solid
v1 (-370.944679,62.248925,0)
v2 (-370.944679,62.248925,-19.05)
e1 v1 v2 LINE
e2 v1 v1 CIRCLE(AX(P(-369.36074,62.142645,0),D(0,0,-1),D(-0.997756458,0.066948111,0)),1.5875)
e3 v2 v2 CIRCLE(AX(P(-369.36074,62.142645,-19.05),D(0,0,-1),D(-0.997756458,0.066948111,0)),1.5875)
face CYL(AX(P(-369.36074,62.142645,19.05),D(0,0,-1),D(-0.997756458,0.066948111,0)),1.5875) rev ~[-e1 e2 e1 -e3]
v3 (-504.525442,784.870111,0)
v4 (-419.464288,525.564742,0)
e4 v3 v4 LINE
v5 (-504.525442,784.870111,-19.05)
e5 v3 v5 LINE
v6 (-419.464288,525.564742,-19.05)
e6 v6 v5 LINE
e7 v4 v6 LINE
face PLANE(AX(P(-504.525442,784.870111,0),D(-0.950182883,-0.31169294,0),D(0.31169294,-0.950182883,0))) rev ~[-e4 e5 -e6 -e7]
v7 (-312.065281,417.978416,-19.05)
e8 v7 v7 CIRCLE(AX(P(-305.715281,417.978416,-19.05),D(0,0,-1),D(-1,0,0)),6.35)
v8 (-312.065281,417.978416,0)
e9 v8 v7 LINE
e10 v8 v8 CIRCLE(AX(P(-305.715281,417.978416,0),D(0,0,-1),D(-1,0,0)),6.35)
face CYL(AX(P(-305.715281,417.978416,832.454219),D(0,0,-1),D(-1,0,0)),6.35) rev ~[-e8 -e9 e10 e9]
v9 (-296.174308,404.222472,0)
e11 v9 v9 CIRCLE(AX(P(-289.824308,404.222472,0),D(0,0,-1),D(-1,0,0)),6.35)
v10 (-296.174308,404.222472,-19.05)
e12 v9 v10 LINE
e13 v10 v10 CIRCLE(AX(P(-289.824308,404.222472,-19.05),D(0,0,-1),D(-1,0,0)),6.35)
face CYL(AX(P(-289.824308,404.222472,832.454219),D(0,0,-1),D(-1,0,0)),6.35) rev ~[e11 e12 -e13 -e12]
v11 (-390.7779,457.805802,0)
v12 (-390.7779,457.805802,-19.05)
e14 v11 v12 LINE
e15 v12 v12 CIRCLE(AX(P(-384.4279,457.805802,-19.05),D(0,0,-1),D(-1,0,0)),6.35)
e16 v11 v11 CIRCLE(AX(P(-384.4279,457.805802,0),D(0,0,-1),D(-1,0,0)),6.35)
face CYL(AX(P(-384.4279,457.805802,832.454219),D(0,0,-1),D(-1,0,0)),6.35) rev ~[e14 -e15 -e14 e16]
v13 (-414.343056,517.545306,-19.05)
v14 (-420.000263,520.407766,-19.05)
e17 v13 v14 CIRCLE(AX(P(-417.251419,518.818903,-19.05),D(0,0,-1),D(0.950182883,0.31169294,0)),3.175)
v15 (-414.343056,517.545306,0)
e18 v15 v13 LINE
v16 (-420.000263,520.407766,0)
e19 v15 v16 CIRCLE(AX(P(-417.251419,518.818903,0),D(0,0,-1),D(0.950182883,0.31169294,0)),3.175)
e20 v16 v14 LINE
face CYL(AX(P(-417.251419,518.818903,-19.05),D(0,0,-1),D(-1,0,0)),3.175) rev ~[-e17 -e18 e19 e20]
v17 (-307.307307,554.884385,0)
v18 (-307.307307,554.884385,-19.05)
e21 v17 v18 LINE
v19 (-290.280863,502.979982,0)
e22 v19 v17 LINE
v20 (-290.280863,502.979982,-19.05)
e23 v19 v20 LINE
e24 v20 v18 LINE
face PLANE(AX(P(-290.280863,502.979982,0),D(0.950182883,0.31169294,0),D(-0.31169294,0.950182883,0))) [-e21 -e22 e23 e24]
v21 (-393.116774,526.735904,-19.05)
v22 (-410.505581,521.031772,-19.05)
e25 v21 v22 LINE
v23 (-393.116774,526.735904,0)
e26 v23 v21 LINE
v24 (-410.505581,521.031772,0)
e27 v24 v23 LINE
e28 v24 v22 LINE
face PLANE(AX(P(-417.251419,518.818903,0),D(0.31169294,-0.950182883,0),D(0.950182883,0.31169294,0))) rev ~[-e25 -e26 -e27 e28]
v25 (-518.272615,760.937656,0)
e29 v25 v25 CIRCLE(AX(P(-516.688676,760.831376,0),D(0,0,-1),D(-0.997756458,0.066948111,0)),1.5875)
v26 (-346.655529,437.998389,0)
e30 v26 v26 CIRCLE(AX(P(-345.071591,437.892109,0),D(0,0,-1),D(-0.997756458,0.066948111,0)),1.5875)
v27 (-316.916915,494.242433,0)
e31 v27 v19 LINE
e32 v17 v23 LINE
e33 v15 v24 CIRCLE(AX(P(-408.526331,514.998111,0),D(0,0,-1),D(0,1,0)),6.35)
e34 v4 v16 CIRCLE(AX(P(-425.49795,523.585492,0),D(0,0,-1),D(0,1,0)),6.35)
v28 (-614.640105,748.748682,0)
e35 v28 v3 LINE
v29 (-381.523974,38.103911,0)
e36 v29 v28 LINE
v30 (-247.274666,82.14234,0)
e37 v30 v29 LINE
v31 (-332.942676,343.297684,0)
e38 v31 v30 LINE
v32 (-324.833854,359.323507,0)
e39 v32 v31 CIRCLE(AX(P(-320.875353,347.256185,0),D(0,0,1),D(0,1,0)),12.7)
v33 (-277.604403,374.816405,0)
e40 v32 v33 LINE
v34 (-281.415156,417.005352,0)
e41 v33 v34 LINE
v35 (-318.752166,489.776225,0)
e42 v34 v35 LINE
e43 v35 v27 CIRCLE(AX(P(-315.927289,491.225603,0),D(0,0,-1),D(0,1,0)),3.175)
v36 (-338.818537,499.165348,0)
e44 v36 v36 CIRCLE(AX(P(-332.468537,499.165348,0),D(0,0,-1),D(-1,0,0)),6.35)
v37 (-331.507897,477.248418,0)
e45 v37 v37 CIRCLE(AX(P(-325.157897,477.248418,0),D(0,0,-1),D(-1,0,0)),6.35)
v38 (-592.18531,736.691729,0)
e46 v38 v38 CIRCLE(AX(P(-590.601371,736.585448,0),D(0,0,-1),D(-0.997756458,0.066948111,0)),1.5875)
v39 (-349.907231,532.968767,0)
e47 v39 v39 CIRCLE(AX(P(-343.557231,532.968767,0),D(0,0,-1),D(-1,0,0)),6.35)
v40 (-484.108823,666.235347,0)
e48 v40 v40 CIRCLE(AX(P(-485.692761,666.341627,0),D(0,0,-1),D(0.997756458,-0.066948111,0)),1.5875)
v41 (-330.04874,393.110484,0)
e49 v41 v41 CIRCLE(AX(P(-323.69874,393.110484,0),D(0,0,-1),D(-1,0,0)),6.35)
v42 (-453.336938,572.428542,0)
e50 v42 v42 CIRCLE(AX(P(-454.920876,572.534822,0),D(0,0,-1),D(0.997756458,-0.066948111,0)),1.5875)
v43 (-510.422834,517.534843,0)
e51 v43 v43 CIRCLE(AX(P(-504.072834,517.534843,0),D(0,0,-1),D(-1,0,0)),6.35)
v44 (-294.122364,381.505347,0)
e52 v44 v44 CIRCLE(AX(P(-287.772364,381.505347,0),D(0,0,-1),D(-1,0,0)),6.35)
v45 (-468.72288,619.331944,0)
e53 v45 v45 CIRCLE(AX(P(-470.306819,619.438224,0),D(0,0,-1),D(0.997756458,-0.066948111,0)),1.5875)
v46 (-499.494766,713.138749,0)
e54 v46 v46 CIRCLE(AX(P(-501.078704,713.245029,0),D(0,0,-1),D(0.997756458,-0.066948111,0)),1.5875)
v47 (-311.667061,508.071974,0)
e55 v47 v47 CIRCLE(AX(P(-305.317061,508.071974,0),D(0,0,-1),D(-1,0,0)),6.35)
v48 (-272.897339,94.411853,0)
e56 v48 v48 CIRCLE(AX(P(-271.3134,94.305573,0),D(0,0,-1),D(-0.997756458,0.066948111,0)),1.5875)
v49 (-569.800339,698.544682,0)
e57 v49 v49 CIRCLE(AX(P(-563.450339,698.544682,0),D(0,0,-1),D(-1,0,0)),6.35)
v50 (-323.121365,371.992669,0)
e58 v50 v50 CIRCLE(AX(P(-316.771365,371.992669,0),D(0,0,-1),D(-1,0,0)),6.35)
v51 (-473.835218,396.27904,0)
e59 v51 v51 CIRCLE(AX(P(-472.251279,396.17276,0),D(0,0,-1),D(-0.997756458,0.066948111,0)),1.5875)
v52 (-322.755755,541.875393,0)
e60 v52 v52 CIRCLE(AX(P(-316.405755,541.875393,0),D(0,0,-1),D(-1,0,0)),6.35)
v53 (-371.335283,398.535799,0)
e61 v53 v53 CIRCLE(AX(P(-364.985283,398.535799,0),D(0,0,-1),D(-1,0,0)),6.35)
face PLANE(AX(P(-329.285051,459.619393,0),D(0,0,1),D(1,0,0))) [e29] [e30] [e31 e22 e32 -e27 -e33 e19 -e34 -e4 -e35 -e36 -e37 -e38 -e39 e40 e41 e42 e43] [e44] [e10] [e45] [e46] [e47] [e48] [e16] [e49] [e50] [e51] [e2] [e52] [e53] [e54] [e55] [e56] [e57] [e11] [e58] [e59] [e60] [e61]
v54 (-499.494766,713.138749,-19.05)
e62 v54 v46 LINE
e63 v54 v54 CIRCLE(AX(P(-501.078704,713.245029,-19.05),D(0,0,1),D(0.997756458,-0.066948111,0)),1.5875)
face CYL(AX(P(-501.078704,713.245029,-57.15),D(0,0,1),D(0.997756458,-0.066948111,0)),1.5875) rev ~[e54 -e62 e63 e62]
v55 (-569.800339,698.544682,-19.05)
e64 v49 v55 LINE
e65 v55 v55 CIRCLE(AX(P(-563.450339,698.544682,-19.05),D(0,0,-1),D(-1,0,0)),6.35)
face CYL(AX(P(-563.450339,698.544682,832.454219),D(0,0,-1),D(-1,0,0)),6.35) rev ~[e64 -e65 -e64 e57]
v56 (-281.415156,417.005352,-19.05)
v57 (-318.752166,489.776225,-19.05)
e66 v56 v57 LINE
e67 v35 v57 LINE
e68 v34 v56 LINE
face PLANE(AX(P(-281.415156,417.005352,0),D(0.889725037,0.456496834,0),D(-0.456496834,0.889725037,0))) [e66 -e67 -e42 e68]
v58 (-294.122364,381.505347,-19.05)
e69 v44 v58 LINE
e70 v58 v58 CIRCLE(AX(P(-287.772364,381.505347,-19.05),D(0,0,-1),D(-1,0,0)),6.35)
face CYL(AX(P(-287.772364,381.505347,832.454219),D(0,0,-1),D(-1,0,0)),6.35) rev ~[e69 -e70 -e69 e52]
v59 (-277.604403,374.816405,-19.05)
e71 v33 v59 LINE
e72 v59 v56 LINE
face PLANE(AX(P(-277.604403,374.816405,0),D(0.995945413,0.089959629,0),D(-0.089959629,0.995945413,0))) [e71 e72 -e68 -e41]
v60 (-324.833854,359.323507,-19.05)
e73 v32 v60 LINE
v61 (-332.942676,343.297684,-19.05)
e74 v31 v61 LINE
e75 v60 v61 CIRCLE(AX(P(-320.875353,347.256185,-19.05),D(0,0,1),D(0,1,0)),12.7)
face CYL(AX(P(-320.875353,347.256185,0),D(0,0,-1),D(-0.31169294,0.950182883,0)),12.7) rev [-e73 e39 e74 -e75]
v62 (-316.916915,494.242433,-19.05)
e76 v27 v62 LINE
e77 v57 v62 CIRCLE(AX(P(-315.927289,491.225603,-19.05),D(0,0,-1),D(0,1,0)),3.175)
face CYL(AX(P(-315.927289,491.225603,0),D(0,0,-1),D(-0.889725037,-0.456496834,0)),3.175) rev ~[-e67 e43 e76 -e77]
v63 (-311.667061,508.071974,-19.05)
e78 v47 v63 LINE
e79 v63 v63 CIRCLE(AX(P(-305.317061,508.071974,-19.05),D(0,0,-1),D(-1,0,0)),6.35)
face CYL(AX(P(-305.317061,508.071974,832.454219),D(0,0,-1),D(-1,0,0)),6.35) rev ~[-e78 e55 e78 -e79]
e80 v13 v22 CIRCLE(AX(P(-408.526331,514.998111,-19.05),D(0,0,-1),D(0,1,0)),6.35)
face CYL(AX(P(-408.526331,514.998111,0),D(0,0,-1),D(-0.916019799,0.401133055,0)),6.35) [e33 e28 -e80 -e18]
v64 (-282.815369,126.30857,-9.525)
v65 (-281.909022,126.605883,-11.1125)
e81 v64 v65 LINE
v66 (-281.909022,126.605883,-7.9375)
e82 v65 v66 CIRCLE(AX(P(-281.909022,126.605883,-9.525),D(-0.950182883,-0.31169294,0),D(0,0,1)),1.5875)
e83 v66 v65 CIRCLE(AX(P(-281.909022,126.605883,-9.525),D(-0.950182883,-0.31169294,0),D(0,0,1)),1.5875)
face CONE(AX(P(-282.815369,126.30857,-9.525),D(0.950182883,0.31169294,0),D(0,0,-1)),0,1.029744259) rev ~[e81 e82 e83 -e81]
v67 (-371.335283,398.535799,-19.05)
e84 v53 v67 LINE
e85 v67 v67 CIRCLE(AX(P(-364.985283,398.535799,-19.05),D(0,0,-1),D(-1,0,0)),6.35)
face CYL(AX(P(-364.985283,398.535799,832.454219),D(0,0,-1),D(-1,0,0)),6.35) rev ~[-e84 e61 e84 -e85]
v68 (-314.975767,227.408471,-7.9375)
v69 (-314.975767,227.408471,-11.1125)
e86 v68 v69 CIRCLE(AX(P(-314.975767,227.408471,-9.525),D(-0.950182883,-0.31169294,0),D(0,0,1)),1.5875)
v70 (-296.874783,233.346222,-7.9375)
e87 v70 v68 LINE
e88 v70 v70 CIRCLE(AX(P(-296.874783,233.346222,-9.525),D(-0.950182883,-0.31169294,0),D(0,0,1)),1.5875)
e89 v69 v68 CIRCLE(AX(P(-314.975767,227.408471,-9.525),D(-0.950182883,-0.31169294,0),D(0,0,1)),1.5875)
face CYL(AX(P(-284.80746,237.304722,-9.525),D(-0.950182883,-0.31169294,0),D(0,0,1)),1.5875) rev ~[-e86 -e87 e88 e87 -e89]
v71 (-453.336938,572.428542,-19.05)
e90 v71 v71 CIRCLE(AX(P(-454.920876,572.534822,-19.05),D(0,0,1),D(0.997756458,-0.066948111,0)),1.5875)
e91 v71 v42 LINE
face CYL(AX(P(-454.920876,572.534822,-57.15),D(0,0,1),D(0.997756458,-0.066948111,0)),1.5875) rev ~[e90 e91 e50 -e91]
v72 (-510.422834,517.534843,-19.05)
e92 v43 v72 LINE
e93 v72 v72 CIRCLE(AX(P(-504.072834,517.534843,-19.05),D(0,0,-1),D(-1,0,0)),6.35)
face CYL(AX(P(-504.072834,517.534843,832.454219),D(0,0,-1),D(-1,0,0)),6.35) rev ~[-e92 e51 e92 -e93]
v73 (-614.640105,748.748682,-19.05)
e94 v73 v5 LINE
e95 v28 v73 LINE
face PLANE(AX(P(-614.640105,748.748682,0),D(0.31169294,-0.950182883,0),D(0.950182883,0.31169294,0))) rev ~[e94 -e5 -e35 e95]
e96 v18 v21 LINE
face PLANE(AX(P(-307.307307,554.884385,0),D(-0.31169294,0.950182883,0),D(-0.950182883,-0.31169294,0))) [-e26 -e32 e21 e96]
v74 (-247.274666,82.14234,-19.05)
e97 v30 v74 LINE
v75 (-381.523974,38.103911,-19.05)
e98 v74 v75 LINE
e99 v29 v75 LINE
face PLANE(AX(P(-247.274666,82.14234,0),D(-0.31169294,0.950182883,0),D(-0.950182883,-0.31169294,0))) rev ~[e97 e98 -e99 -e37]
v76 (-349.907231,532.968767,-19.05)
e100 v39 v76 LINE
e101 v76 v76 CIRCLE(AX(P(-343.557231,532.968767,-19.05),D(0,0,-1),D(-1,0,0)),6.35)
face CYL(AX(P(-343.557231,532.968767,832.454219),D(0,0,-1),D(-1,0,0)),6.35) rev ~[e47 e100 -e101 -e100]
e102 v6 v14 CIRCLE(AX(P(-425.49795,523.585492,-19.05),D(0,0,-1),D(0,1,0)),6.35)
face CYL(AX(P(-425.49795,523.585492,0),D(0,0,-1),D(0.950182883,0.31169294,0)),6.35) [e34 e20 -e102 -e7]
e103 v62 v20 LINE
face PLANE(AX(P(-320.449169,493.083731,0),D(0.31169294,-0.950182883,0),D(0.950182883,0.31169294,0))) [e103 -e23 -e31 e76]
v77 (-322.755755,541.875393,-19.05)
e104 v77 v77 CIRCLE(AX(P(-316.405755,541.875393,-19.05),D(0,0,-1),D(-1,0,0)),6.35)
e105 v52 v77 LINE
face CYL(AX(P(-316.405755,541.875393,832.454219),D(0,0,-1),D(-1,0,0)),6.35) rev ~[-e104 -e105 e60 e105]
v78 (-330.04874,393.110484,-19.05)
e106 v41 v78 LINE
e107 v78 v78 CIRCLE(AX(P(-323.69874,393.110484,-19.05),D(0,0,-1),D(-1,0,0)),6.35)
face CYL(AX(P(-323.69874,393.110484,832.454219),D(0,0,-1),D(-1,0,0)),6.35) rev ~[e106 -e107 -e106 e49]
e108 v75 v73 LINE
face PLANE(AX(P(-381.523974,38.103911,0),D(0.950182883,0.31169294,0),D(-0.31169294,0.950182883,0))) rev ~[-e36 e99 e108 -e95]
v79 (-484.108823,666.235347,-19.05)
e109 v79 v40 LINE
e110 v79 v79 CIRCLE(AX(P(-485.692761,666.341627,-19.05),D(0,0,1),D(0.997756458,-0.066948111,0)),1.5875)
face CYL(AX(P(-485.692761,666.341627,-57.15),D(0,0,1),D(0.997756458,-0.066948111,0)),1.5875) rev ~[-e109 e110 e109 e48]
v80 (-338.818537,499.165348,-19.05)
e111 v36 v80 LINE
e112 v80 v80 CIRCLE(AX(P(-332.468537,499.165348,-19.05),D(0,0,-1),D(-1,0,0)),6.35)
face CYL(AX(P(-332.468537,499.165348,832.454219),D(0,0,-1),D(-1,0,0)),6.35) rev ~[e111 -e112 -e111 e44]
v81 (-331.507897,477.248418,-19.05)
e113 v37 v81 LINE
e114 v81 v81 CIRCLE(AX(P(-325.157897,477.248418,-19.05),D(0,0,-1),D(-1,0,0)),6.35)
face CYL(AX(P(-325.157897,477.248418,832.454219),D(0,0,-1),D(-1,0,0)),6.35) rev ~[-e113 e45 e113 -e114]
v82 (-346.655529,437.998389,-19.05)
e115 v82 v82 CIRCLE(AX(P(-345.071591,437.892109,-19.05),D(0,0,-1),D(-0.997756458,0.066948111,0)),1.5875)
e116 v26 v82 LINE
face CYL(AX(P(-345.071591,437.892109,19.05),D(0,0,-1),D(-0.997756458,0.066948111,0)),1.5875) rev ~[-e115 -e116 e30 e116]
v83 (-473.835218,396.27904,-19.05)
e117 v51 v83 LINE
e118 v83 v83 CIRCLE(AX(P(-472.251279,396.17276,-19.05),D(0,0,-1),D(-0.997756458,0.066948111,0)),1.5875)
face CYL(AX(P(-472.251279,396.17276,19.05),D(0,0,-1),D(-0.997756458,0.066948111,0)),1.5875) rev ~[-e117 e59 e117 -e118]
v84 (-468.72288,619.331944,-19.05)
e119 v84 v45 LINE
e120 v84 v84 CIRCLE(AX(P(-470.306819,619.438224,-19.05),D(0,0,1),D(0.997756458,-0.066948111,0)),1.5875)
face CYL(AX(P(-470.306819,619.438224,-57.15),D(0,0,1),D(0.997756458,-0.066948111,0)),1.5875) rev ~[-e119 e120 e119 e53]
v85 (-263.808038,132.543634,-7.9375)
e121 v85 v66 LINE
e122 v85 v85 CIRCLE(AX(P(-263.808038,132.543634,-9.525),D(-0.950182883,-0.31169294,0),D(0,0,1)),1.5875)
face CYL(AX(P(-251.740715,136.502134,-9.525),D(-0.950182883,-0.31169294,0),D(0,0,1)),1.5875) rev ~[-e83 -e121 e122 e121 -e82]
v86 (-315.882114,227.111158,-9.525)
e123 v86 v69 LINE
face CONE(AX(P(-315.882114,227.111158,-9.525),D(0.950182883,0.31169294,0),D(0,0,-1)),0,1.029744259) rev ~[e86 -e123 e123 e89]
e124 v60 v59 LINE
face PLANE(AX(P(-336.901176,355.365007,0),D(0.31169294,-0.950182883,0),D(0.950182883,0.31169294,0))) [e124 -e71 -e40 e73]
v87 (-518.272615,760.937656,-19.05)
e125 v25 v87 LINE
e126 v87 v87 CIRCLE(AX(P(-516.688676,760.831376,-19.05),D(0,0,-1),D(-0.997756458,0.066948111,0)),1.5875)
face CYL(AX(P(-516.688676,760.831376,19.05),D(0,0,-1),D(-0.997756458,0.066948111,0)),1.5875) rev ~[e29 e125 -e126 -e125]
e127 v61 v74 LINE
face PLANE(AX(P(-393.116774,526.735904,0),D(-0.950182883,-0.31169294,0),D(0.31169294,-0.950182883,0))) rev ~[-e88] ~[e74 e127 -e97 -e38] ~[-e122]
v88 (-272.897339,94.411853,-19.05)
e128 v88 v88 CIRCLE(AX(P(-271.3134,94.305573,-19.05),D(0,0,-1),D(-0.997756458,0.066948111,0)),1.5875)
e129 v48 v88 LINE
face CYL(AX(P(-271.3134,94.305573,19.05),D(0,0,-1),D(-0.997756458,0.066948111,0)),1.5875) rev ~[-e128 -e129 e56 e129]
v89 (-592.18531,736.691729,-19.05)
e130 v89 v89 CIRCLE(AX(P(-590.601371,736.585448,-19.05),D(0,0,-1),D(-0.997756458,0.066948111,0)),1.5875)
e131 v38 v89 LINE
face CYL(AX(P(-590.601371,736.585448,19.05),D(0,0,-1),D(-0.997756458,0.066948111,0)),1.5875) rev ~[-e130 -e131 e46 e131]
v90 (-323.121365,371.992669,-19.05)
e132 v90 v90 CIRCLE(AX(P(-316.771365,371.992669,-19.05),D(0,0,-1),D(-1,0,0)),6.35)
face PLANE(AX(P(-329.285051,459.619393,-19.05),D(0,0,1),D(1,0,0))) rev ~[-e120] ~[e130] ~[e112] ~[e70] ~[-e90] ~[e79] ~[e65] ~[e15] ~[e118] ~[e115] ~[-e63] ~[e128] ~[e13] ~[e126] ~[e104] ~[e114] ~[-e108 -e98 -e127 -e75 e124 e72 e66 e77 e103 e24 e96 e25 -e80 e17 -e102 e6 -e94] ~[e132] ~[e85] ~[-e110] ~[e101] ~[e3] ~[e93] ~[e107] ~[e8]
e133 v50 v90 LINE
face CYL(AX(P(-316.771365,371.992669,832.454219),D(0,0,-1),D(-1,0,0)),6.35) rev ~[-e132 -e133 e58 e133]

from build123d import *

# Parameters (mm, degrees)
BOSS_EXTRUDE1_DEPTH        = 19.05
BOSS_EXTRUDE2_DEPTH        = 19.05
FILLET1_R                  = 3.175
FILLET2_R                  = 12.7
SKETCH47_R                 = 3.175
CUT_EXTRUDE1_DEPTH         = 1
CUT_EXTRUDE1_DEPTH_BACK    = 20.05
FILLET4_R                  = 6.35
F_1_2_0_5_DIAMETER_HOLE1_D = 12.7
HOLE7_D                    = 3.175
HOLE7_DEPTH                = 38.1
HOLE7_CSINK_D              = 10.16
HOLE7_CSINK_ANGLE          = 82
HOLE7_TIP                  = 0.953866233
HOLE10_D                   = 3.175
HOLE10_DEPTH               = 57.15
HOLE10_CSINK_D             = 10.16
HOLE10_CSINK_ANGLE         = 82
HOLE10_TIP                 = 0.953866233
HOLE13_D                   = 3.175
HOLE13_DEPTH               = 31.75
HOLE13_CSINK_D             = 10.16
HOLE13_CSINK_ANGLE         = 82
HOLE13_TIP                 = 0.953866233


with BuildPart() as part:
    # Sketch1 → Boss-Extrude1 (new body)
    with BuildSketch(Plane.XY):
        Polygon((-247.274665566, 82.142339986), (-381.523973725, 38.103910865), (-614.640105377, 748.748682245), (-504.525442447, 784.870110692), (-417.251419261, 518.818903446), (-393.116774032, 526.735904121), align=None)
    extrude(amount=-BOSS_EXTRUDE1_DEPTH)

    # Sketch2 → Boss-Extrude2 (add, through all)
    with BuildSketch(Plane.XY):
        Polygon((-393.116774032, 526.735904121), (-336.901176267, 355.36500697), (-277.604402796, 374.816405204), (-281.415155825, 417.005352091), (-320.44916939, 493.083731154), (-290.280862854, 502.979981998), (-307.307307279, 554.884385267), align=None)
    extrude(amount=-BOSS_EXTRUDE2_DEPTH)

    # Fillet1
    fillet1_edges = [part.edges().sort_by_distance(p)[0] for p in [
        (-320.44916939, 493.083731154, -9.525),
    ]]
    fillet(fillet1_edges, radius=FILLET1_R)

    # Fillet2
    fillet2_edges = [part.edges().sort_by_distance(p)[0] for p in [
        (-336.901176267, 355.36500697, -9.525),
    ]]
    fillet(fillet2_edges, radius=FILLET2_R)

    # Sketch47 → Cut-Extrude1 (cut, two sides)
    with BuildSketch(Plane(origin=(0, 0, -19.05), x_dir=(-1, 0, 0), z_dir=(0, 0, -1))) as cut_extrude1_sk:
        with Locations((417.251419261, 518.818903446)):
            Circle(SKETCH47_R)
    extrude(amount=CUT_EXTRUDE1_DEPTH, mode=Mode.SUBTRACT)
    extrude(cut_extrude1_sk.sketch, amount=-CUT_EXTRUDE1_DEPTH_BACK, mode=Mode.SUBTRACT)

    # Fillet4
    fillet4_edges = [part.edges().sort_by_distance(p)[0] for p in [
        (-418.241044345, 521.8357341, -9.525),
        (-414.234588607, 519.80852853, -9.525),
    ]]
    fillet(fillet4_edges, radius=FILLET4_R)

    # 1/2 (0.5) Diameter Hole1 (through all)
    with Locations(Plane.XY):
        with Locations((-563.45033927, 698.544682362), (-504.072834209, 517.534843147), (-316.771364786, 371.99266929), (-323.698740376, 393.110483865), (-289.824308357, 404.222472403), (-287.772364418, 381.505347156), (-305.715281117, 417.978415836), (-364.985283482, 398.535799453), (-384.427899865, 457.805801818), (-325.157897499, 477.248418201), (-332.468536604, 499.165347862), (-305.317060721, 508.071973621), (-316.40575464, 541.875392969), (-343.557230523, 532.968767209)):
            Hole(F_1_2_0_5_DIAMETER_HOLE1_D / 2)

    # Hole7
    with Locations(Plane(origin=(313.774034821, -375.700785936, 19.05), x_dir=(0.997756458, -0.066948111, 0), z_dir=(0, 0, 1))):
        with Locations((-710.914924699, 391.126528253), (-615.24080496, 429.781381762), (-711.83598555, 767.659094962), (-835.937309391, 717.51890547), (-904.68821492, 1078.38439498), (-976.811864753, 1049.244548945)):
            CounterSinkHole(HOLE7_D / 2, HOLE7_CSINK_D / 2, depth=HOLE7_DEPTH, counter_sink_angle=HOLE7_CSINK_ANGLE)
            with Locations((0, 0, -(HOLE7_DEPTH + HOLE7_TIP / 2))):  # 118° drill point
                Cone(0, HOLE7_D / 2, HOLE7_TIP, mode=Mode.SUBTRACT)

    # Hole10
    with Locations(Plane(origin=(313.774034821, -375.700785936, -57.15), x_dir=(-0.997756458, 0.066948111, 0), z_dir=(0, 0, -1))):
        with Locations((848.944412528, 940.413642522), (885.927448463, 1031.949868564), (867.435930496, 986.181755543), (830.452894561, 894.645529501)):
            CounterSinkHole(HOLE10_D / 2, HOLE10_CSINK_D / 2, depth=HOLE10_DEPTH, counter_sink_angle=HOLE10_CSINK_ANGLE)
            with Locations((0, 0, -(HOLE10_DEPTH + HOLE10_TIP / 2))):  # 118° drill point
                Cone(0, HOLE10_D / 2, HOLE10_TIP, mode=Mode.SUBTRACT)

    # Hole13
    with Locations(Plane(origin=(-45.102820315, -493.424841017, 52.974999997), x_dir=(0, 0, -1), z_dir=(0.950182883, 0.31169294, 0))):
        with Locations((174.999999994, 685.961004241), (174.999999994, 549.837259632), (174.999999994, 413.713515022), (81.549999997, 779.649723129), (81.549999997, 652.344645962), (62.499999997, 662.953402392), (62.499999997, 769.040966698), (-62.499999997, 769.040966698), (-62.499999997, 662.953402392), (-81.549999997, 652.344645962), (-81.549999997, 779.649723129), (-174.999999994, 413.713515022), (-174.999999994, 549.837259632), (-174.999999994, 685.961004241), (-82.737499997, 600.384620239), (0, 600.384620239), (82.737499997, 600.384620239), (0, 376.737770337), (-82.737499997, 376.737770337), (82.737499997, 376.737770337)):
            CounterSinkHole(HOLE13_D / 2, HOLE13_CSINK_D / 2, depth=HOLE13_DEPTH, counter_sink_angle=HOLE13_CSINK_ANGLE)
            with Locations((0, 0, -(HOLE13_DEPTH + HOLE13_TIP / 2))):  # 118° drill point
                Cone(0, HOLE13_D / 2, HOLE13_TIP, mode=Mode.SUBTRACT)


solid = part.part
